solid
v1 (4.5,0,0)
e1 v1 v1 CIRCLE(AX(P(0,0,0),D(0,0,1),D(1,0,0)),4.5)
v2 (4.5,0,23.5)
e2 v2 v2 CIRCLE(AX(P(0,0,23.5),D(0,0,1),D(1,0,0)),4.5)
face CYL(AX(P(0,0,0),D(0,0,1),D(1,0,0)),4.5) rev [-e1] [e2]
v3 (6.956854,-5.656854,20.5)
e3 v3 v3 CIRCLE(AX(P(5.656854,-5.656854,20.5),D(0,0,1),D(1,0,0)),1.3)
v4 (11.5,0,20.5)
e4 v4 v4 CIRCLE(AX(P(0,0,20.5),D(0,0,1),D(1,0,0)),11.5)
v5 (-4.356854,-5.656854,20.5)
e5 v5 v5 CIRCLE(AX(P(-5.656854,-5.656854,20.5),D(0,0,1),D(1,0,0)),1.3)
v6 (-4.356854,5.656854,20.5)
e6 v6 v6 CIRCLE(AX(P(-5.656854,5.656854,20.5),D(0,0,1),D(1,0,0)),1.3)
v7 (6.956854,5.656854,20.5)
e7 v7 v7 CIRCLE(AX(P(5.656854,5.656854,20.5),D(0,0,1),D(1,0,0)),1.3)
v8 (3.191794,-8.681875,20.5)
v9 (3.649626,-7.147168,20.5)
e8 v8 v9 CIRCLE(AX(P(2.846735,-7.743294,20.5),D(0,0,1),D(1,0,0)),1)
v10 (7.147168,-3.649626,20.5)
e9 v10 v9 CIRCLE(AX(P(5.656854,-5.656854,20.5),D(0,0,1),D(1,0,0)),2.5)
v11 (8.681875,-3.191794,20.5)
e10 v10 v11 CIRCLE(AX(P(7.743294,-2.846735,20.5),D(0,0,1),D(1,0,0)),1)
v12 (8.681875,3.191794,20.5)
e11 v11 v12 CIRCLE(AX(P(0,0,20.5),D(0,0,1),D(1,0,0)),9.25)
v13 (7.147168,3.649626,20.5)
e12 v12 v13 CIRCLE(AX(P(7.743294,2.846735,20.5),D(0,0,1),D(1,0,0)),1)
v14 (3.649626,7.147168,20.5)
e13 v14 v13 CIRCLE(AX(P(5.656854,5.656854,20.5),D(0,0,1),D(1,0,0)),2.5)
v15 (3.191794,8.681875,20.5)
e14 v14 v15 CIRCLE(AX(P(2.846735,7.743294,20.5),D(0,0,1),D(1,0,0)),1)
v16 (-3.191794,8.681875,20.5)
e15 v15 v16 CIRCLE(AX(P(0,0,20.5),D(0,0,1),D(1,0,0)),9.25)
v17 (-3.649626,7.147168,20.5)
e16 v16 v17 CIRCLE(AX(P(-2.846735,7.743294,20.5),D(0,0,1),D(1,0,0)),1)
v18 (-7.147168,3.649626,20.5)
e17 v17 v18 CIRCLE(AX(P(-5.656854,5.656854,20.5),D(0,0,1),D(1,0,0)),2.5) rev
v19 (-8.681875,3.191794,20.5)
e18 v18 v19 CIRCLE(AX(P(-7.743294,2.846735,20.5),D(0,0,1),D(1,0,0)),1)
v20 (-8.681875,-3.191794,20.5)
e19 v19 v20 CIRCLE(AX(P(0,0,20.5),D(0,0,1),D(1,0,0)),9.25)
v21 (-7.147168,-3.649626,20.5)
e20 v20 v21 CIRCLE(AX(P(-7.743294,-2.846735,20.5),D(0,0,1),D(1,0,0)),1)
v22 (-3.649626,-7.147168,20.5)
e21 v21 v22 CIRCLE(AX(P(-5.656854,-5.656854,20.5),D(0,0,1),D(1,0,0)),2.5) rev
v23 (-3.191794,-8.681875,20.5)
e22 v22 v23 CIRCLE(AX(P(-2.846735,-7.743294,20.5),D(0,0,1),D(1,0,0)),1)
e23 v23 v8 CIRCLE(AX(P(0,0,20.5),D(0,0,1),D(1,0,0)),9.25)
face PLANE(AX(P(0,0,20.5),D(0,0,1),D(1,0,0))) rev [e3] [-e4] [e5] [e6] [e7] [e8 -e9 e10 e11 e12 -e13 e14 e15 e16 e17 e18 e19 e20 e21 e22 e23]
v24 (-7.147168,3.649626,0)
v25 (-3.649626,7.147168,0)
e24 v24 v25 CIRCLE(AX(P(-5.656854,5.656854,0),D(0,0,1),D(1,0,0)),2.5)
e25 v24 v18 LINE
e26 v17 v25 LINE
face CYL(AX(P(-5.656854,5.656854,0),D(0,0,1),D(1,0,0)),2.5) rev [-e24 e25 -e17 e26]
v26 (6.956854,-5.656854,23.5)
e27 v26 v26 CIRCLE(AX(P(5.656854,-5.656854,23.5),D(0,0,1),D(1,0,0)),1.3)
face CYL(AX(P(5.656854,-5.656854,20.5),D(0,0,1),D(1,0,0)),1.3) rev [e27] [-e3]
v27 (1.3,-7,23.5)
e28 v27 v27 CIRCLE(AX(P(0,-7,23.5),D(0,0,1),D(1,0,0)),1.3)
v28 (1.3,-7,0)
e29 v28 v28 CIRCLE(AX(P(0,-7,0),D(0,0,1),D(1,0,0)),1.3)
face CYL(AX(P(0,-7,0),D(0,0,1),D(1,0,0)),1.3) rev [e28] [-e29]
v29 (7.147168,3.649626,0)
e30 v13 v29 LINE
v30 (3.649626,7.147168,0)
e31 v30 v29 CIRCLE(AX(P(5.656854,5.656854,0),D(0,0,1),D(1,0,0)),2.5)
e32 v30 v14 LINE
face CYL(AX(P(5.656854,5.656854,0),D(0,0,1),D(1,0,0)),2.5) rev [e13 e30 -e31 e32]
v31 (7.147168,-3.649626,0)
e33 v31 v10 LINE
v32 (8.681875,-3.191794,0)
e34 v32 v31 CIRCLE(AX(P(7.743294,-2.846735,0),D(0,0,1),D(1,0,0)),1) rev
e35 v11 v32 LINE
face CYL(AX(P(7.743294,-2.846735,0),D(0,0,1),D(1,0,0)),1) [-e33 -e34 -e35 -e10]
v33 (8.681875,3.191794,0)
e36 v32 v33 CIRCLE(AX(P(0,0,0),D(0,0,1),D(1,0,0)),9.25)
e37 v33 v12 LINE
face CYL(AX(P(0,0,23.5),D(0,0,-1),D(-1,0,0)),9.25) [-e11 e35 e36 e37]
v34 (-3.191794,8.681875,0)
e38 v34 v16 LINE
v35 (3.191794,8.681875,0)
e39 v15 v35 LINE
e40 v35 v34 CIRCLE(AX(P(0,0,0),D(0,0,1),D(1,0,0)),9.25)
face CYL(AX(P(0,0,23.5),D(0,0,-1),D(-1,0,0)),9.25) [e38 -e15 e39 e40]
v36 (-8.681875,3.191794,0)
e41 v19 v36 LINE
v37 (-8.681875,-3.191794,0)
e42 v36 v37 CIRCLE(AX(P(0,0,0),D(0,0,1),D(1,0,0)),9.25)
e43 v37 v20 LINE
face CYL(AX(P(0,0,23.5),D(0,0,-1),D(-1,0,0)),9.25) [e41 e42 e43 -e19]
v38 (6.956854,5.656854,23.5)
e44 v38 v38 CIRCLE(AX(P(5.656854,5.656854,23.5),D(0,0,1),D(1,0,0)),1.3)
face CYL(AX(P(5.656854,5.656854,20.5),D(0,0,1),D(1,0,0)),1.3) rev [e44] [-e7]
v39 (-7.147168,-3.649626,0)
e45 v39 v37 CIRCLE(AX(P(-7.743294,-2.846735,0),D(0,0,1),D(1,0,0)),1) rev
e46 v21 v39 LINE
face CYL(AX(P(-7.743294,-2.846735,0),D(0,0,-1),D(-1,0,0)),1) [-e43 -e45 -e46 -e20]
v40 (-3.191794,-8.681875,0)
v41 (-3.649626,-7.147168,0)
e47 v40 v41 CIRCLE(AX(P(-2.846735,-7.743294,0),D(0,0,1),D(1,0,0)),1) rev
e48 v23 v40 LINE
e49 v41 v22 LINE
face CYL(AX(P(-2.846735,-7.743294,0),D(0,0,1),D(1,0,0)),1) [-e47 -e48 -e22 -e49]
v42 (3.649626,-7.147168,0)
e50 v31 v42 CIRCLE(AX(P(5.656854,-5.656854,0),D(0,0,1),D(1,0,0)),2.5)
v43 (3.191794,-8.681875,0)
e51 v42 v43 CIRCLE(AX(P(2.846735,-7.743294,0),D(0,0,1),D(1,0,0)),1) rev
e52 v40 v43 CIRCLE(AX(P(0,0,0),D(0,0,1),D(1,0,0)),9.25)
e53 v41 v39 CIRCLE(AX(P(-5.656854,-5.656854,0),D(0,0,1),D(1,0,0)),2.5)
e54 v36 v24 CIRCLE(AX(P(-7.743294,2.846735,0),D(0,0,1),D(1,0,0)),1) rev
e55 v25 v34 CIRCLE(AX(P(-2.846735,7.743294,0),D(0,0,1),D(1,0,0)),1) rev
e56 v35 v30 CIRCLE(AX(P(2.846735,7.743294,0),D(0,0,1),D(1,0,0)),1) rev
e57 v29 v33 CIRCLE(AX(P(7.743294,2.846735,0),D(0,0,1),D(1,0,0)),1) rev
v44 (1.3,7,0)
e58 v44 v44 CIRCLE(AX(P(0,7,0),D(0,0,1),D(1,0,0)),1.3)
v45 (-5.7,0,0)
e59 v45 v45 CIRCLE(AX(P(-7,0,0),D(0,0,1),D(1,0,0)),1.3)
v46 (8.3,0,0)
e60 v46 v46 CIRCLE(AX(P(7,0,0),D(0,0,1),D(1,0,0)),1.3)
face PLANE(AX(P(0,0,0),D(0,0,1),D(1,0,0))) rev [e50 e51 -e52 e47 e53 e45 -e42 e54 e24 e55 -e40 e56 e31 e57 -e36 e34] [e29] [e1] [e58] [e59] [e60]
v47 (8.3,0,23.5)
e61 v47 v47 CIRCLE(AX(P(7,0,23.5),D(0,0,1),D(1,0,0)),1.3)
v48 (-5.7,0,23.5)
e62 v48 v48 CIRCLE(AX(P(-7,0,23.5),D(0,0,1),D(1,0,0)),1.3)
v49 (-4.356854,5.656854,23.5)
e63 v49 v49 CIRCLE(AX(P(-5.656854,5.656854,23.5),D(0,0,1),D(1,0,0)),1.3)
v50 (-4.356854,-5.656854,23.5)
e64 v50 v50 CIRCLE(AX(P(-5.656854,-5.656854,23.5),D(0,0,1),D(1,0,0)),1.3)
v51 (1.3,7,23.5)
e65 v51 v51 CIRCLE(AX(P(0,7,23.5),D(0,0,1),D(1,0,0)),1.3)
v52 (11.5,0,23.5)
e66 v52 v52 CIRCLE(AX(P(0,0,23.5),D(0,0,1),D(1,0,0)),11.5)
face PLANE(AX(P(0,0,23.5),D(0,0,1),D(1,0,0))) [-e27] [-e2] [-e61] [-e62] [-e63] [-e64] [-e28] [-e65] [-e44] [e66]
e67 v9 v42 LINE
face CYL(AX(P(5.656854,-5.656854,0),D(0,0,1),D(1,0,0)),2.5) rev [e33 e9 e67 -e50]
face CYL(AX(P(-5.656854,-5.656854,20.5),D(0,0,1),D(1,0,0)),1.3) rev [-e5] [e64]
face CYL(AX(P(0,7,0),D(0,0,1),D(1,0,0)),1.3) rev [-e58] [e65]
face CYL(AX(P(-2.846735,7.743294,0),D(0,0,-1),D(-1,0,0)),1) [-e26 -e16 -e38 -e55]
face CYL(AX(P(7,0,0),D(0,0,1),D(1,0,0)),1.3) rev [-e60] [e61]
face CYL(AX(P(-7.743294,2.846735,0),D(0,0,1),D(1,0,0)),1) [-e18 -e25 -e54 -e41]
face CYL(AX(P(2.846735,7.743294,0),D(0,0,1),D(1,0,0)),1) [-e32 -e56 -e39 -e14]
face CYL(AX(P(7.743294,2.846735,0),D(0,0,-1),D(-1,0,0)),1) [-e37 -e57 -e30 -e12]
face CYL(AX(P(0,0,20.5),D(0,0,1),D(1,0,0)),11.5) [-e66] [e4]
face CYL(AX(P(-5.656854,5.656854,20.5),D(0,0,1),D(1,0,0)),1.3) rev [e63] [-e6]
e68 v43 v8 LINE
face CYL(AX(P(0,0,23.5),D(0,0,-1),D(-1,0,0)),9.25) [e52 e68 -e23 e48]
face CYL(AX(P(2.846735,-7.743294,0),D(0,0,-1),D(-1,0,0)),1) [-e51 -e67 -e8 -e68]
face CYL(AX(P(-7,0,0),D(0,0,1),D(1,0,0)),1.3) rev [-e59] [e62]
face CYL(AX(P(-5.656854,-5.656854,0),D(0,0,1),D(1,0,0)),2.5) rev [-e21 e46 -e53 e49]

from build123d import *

# Parameters (mm, degrees)
ESQUISSE1_R                  = 9.25
BOSS_EXTRU_1_DEPTH           = 23.5
ESQUISSE2_R                  = 1.3
ENL_V_MAT_EXTRU_1_DEPTH      = 1
ENL_V_MAT_EXTRU_1_DEPTH_BACK = 24.5
ESQUISSE3_R                  = 4.5
ENL_V_MAT_EXTRU_2_DEPTH      = 1
ENL_V_MAT_EXTRU_2_DEPTH_BACK = 24.5
ESQUISSE4_R                  = 11.5
ESQUISSE4_R_2                = 9.25
BOSS_EXTRU_2_DEPTH           = 3
ESQUISSE5_R                  = 2.5
ENL_V_MAT_EXTRU_3_DEPTH      = 1
ENL_V_MAT_EXTRU_3_DEPTH_BACK = 24.5
BOSS_EXTRU_3_START           = -3
ESQUISSE6_R                  = 2.5
ESQUISSE6_R_2                = 1.3
BOSS_EXTRU_3_DEPTH           = 3
CONG_1_R                     = 1


with BuildPart() as part:
    # Esquisse1 → Boss.-Extru.1 (new body)
    with BuildSketch(Plane.XY):
        Circle(ESQUISSE1_R)
    extrude(amount=BOSS_EXTRU_1_DEPTH)

    # Esquisse2 → Enlèv. mat.-Extru.1 (cut, two sides)
    with BuildSketch(Plane.XY.offset(23.5)) as enl_v_mat_extru_1_sk:
        with Locations((7, 0)):
            Circle(ESQUISSE2_R)
        with Locations((0, -7)):
            Circle(ESQUISSE2_R)
        with Locations((-7, 0)):
            Circle(ESQUISSE2_R)
        with Locations((0, 7)):
            Circle(ESQUISSE2_R)
    extrude(amount=ENL_V_MAT_EXTRU_1_DEPTH, mode=Mode.SUBTRACT)
    extrude(enl_v_mat_extru_1_sk.sketch, amount=-ENL_V_MAT_EXTRU_1_DEPTH_BACK, mode=Mode.SUBTRACT)

    # Esquisse3 → Enlèv. mat.-Extru.2 (cut, two sides)
    with BuildSketch(Plane.XY.offset(23.5)) as enl_v_mat_extru_2_sk:
        Circle(ESQUISSE3_R)
    extrude(amount=ENL_V_MAT_EXTRU_2_DEPTH, mode=Mode.SUBTRACT)
    extrude(enl_v_mat_extru_2_sk.sketch, amount=-ENL_V_MAT_EXTRU_2_DEPTH_BACK, mode=Mode.SUBTRACT)

    # Esquisse4 → Boss.-Extru.2 (add)
    with BuildSketch(Plane.XY.offset(23.5)):
        Circle(ESQUISSE4_R)
        Circle(ESQUISSE4_R_2, mode=Mode.SUBTRACT)
    extrude(amount=-BOSS_EXTRU_2_DEPTH)

    # Esquisse5 → Enlèv. mat.-Extru.3 (cut, two sides)
    with BuildSketch(Plane.XY.offset(23.5)) as enl_v_mat_extru_3_sk:
        with Locations((5.656854249, 5.656854249)):
            Circle(ESQUISSE5_R)
        with Locations((5.656854249, -5.656854249)):
            Circle(ESQUISSE5_R)
        with Locations((-5.656854249, -5.656854249)):
            Circle(ESQUISSE5_R)
        with Locations((-5.656854249, 5.656854249)):
            Circle(ESQUISSE5_R)
    extrude(amount=ENL_V_MAT_EXTRU_3_DEPTH, mode=Mode.SUBTRACT)
    extrude(enl_v_mat_extru_3_sk.sketch, amount=-ENL_V_MAT_EXTRU_3_DEPTH_BACK, mode=Mode.SUBTRACT)

    # Esquisse6 → Boss.-Extru.3 (add)
    with BuildSketch(Plane.XY.offset(23.5).offset(BOSS_EXTRU_3_START)):
        with Locations((-5.656854249, 5.656854249)):
            Circle(ESQUISSE6_R)
        with Locations((-5.656854249, 5.656854249)):
            Circle(ESQUISSE6_R_2, mode=Mode.SUBTRACT)
        with Locations((5.656854249, 5.656854249)):
            Circle(ESQUISSE6_R)
        with Locations((5.656854249, 5.656854249)):
            Circle(ESQUISSE6_R_2, mode=Mode.SUBTRACT)
        with Locations((5.656854249, -5.656854249)):
            Circle(ESQUISSE6_R)
        with Locations((5.656854249, -5.656854249)):
            Circle(ESQUISSE6_R_2, mode=Mode.SUBTRACT)
        with Locations((-5.656854249, -5.656854249)):
            Circle(ESQUISSE6_R)
        with Locations((-5.656854249, -5.656854249)):
            Circle(ESQUISSE6_R_2, mode=Mode.SUBTRACT)
    extrude(amount=BOSS_EXTRU_3_DEPTH)

    # Congé1
    cong_1_edges = [part.edges().sort_by_distance(p)[0] for p in [
        (7.966686716, 4.700468356, 10.25),
        (4.700468356, 7.966686716, 10.25),
        (4.700468356, -7.966686716, 10.25),
        (7.966686716, -4.700468356, 10.25),
        (-7.966686716, -4.700468356, 10.25),
        (-4.700468356, -7.966686716, 10.25),
        (-4.700468356, 7.966686716, 10.25),
        (-7.966686716, 4.700468356, 10.25),
    ]]
    fillet(cong_1_edges, radius=CONG_1_R)


solid = part.part
